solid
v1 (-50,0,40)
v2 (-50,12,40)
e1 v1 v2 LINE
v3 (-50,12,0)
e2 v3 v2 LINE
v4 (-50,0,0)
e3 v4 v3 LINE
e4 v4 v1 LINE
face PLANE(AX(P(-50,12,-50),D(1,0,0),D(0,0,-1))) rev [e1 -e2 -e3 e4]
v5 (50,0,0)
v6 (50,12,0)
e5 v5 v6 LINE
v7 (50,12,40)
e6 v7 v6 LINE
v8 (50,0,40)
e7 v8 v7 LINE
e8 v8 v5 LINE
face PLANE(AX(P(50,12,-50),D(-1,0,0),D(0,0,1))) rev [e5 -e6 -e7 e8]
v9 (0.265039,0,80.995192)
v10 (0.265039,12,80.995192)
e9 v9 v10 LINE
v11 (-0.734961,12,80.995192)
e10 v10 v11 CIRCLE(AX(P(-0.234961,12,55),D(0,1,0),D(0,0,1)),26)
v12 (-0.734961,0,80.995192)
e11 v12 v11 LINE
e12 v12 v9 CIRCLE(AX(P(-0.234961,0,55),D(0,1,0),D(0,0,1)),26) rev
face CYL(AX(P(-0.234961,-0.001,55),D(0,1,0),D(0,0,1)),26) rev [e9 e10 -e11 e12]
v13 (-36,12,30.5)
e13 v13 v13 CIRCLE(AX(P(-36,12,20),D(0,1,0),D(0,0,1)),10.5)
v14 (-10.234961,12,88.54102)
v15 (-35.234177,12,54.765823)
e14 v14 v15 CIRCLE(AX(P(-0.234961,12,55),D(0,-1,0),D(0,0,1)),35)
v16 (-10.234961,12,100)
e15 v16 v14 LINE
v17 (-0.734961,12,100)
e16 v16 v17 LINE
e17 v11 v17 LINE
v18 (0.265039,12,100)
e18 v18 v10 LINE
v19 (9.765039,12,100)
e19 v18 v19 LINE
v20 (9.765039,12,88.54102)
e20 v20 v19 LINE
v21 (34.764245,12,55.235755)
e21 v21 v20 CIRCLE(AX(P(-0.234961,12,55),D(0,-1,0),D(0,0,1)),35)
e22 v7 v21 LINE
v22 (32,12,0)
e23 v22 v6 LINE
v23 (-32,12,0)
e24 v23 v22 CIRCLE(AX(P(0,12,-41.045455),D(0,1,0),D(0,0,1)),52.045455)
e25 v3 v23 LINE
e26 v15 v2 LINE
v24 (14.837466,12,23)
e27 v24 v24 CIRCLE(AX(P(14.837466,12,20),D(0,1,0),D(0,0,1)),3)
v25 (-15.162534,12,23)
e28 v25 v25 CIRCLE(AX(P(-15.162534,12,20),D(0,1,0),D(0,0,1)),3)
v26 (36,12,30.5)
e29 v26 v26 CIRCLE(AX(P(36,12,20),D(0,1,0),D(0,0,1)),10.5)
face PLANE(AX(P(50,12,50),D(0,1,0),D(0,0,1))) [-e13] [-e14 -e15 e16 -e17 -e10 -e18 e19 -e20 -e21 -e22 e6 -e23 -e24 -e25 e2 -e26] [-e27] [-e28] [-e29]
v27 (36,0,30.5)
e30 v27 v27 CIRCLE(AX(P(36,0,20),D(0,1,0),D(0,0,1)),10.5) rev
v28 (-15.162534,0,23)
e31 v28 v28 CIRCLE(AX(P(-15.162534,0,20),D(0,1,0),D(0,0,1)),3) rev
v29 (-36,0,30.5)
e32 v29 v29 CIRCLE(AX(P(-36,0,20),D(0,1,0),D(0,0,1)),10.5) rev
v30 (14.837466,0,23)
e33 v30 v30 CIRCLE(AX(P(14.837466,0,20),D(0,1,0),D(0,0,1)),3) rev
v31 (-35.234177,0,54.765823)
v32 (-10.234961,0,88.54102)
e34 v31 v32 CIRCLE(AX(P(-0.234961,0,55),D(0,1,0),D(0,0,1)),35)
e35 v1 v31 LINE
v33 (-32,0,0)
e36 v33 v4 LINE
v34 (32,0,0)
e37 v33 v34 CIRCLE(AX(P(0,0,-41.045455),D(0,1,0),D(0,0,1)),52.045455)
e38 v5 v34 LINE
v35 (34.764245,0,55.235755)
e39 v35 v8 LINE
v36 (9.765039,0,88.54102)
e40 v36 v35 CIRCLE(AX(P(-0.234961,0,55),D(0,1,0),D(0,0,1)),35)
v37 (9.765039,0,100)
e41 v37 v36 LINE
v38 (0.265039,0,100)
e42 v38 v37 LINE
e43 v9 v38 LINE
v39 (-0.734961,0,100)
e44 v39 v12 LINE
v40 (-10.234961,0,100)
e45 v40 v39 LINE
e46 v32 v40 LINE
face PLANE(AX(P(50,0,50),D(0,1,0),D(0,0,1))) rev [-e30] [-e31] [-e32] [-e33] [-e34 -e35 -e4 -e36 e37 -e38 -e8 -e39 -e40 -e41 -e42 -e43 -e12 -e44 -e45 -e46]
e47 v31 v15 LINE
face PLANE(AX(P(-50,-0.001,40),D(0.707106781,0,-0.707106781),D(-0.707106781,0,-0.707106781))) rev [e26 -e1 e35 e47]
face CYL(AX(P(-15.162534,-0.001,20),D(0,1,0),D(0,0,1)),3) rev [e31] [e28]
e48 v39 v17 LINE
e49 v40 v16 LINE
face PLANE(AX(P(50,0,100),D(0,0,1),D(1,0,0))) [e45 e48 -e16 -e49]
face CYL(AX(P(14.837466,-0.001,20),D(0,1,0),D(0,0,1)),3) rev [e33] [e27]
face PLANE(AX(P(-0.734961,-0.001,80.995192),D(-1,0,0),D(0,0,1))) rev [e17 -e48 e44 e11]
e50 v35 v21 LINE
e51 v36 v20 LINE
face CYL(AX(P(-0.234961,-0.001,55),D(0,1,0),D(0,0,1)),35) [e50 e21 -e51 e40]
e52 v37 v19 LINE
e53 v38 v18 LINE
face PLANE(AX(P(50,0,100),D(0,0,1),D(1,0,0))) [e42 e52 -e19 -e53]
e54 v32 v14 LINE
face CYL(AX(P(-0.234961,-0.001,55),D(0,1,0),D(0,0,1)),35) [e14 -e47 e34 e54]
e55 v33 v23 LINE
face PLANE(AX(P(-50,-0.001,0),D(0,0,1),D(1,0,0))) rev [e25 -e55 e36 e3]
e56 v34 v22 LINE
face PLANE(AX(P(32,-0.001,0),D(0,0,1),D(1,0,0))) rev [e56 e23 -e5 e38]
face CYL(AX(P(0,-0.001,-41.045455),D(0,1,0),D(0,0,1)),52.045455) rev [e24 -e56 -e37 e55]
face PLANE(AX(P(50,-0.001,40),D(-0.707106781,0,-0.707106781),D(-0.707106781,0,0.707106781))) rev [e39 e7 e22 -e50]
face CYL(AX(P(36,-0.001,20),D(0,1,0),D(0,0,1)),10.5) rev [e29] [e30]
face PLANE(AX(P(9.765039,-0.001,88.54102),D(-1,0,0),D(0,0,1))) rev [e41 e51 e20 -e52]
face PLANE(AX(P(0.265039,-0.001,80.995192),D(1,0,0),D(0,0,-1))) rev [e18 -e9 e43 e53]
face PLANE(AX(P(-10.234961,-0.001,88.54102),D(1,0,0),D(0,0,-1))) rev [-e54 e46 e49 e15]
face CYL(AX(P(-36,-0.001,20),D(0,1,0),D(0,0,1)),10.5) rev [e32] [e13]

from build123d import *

# Parameters (mm, degrees)
SKETCH1_W           = 100
SKETCH1_H           = 100
SKETCH1_R           = 11
BOSS_EXTRUDE1_DEPTH = 12
SKETCH9_W           = 100
SKETCH9_H           = 50
BOSS_EXTRUDE3_DEPTH = 12
CUT_EXTRUDE3_REACH  = 114.446
SKETCH4_R           = 10.5
CUT_EXTRUDE4_REACH  = 114.446
CUT_EXTRUDE5_REACH  = 114.446
SKETCH6_R           = 26
CUT_EXTRUDE6_REACH  = 114.446
CUT_EXTRUDE7_REACH  = 114.446
SKETCH11_R          = 52.045454545
CUT_EXTRUDE8_REACH  = 114.446
SKETCH12_R          = 3


with BuildPart() as part:
    # Sketch1 → Boss-Extrude1 (new body)
    with BuildSketch(Plane(origin=(0, 0, 0), x_dir=(1, 0, 0), z_dir=(0, 1, 0))):
        Rectangle(SKETCH1_W, SKETCH1_H)
        with Locations(Location((0, 0, 0), (0, 0, 270))):
            Circle(SKETCH1_R, mode=Mode.SUBTRACT)
    extrude(amount=BOSS_EXTRUDE1_DEPTH)

    # Sketch9 → Boss-Extrude3 (add)
    with BuildSketch(Plane(origin=(0, 12, 0), x_dir=(1, 0, 0), z_dir=(0, 1, 0))):
        with Locations((0, -75)):
            Rectangle(SKETCH9_W, SKETCH9_H)
    extrude(amount=-BOSS_EXTRUDE3_DEPTH)

    # Sketch4 → Cut-Extrude3 (cut, up to next)
    with BuildSketch(Plane(origin=(0, 12, 0), x_dir=(1, 0, 0), z_dir=(0, 1, 0)), mode=Mode.PRIVATE) as cut_extrude3_sk1:
        with Locations(Location((-36, -20, 0), (0, 0, 270))):
            Circle(SKETCH4_R)
    cut_extrude3_tool1 = extrude(cut_extrude3_sk1.sketch, amount=-CUT_EXTRUDE3_REACH, mode=Mode.PRIVATE) & part.part
    # Sketch4 → Cut-Extrude3 (cut, up to next)
    with BuildSketch(Plane(origin=(0, 12, 0), x_dir=(1, 0, 0), z_dir=(0, 1, 0)), mode=Mode.PRIVATE) as cut_extrude3_sk2:
        with Locations(Location((36, -20, 0), (0, 0, 270))):
            Circle(SKETCH4_R)
    cut_extrude3_tool2 = extrude(cut_extrude3_sk2.sketch, amount=-CUT_EXTRUDE3_REACH, mode=Mode.PRIVATE) & part.part
    add(cut_extrude3_tool1.solids().sort_by_distance((-36, 12, 20))[0], mode=Mode.SUBTRACT)
    add(cut_extrude3_tool2.solids().sort_by_distance((36, 12, 20))[0], mode=Mode.SUBTRACT)

    # Sketch5 → Cut-Extrude4 (cut, up to next)
    with BuildSketch(Plane(origin=(0, 12, 0), x_dir=(1, 0, 0), z_dir=(0, 1, 0)), mode=Mode.PRIVATE) as cut_extrude4_sk1:
        Polygon((-50, 0), (-32, 0), (-32, 18), (32, 18), (32, 0), (50, 0), (50, 50), (-50, 50), align=None)
    cut_extrude4_tool1 = extrude(cut_extrude4_sk1.sketch, amount=-CUT_EXTRUDE4_REACH, mode=Mode.PRIVATE) & part.part
    add(cut_extrude4_tool1.solids().sort_by_distance((0, 12, -29.790021))[0], mode=Mode.SUBTRACT)

    # Sketch6 → Cut-Extrude5 (cut, up to next)
    with BuildSketch(Plane(origin=(0, 12, 0), x_dir=(1, 0, 0), z_dir=(0, 1, 0)), mode=Mode.PRIVATE) as cut_extrude5_sk1:
        with Locations(Location((-0.234960822, -55, 0), (0, 0, 270))):
            Circle(SKETCH6_R)
    cut_extrude5_tool1 = extrude(cut_extrude5_sk1.sketch, amount=-CUT_EXTRUDE5_REACH, mode=Mode.PRIVATE) & part.part
    add(cut_extrude5_tool1.solids().sort_by_distance((-0.234961, 12, 55))[0], mode=Mode.SUBTRACT)

    # Sketch10 → Cut-Extrude6 (cut, up to next)
    with BuildSketch(Plane(origin=(0, 12, 0), x_dir=(1, 0, 0), z_dir=(0, 1, 0)), mode=Mode.PRIVATE) as cut_extrude6_sk1:
        with BuildLine():
            Line((-10.234960822, -88.541019662), (-10.234960822, -100))
            Line((-10.234960822, -100), (-50, -100))
            Line((-50, -100), (-50, -40))
            Line((-50, -40), (-35.234177398, -54.765822602))
            ThreePointArc((-35.234177398, -54.765822602), (-28.367208461, -75.822503278), (-10.234960822, -88.541019662))
        make_face()
    cut_extrude6_tool1 = extrude(cut_extrude6_sk1.sketch, amount=-CUT_EXTRUDE6_REACH, mode=Mode.PRIVATE) & part.part
    # Sketch10 → Cut-Extrude6 (cut, up to next)
    with BuildSketch(Plane(origin=(0, 12, 0), x_dir=(1, 0, 0), z_dir=(0, 1, 0)), mode=Mode.PRIVATE) as cut_extrude6_sk2:
        with BuildLine():
            Line((9.765039178, -88.541019662), (9.765039178, -100))
            Line((9.765039178, -100), (50, -100))
            Line((50, -100), (50, -40))
            Line((50, -40), (34.764245164, -55.235754836))
            ThreePointArc((34.764245164, -55.235754836), (27.756864791, -76.010894766), (9.765039178, -88.541019662))
        make_face()
    cut_extrude6_tool2 = extrude(cut_extrude6_sk2.sketch, amount=-CUT_EXTRUDE6_REACH, mode=Mode.PRIVATE) & part.part
    # Sketch10 → Cut-Extrude6 (cut, up to next)
    with BuildSketch(Plane(origin=(0, 12, 0), x_dir=(1, 0, 0), z_dir=(0, 1, 0)), mode=Mode.PRIVATE) as cut_extrude6_sk3:
        with BuildLine():
            Line((-0.734960822, -80.995191863), (-0.734960822, -100))
            Line((-0.734960822, -100), (0.265039178, -100))
            Line((0.265039178, -100), (0.265039178, -80.995191863))
            ThreePointArc((0.265039178, -80.995191863), (-0.234960822, -81), (-0.734960822, -80.995191863))
        make_face()
    cut_extrude6_tool3 = extrude(cut_extrude6_sk3.sketch, amount=-CUT_EXTRUDE6_REACH, mode=Mode.PRIVATE) & part.part
    add(cut_extrude6_tool1.solids().sort_by_distance((-35.978986, 12, 79.410224))[0], mode=Mode.SUBTRACT)
    add(cut_extrude6_tool2.solids().sort_by_distance((35.780347, 12, 79.379296))[0], mode=Mode.SUBTRACT)
    add(cut_extrude6_tool3.solids().sort_by_distance((-0.234961, 12, 90.499199))[0], mode=Mode.SUBTRACT)

    # Sketch11 → Cut-Extrude7 (cut, up to next)
    with BuildSketch(Plane(origin=(0, 12, 0), x_dir=(1, 0, 0), z_dir=(0, 1, 0)), mode=Mode.PRIVATE) as cut_extrude7_sk1:
        with Locations((0, 41.045454545)):
            Circle(SKETCH11_R)
    cut_extrude7_tool1 = extrude(cut_extrude7_sk1.sketch, amount=-CUT_EXTRUDE7_REACH, mode=Mode.PRIVATE) & part.part
    add(cut_extrude7_tool1.solids().sort_by_distance((0, 12, -41.045455))[0], mode=Mode.SUBTRACT)

    # Sketch12 → Cut-Extrude8 (cut, up to next)
    with BuildSketch(Plane(origin=(0, 12, 0), x_dir=(1, 0, 0), z_dir=(0, 1, 0)), mode=Mode.PRIVATE) as cut_extrude8_sk1:
        with Locations(Location((-15.162534268, -20, 0), (0, 0, 270))):
            Circle(SKETCH12_R)
    cut_extrude8_tool1 = extrude(cut_extrude8_sk1.sketch, amount=-CUT_EXTRUDE8_REACH, mode=Mode.PRIVATE) & part.part
    # Sketch12 → Cut-Extrude8 (cut, up to next)
    with BuildSketch(Plane(origin=(0, 12, 0), x_dir=(1, 0, 0), z_dir=(0, 1, 0)), mode=Mode.PRIVATE) as cut_extrude8_sk2:
        with Locations(Location((14.837465732, -20, 0), (0, 0, 270))):
            Circle(SKETCH12_R)
    cut_extrude8_tool2 = extrude(cut_extrude8_sk2.sketch, amount=-CUT_EXTRUDE8_REACH, mode=Mode.PRIVATE) & part.part
    add(cut_extrude8_tool1.solids().sort_by_distance((-15.162534, 12, 20))[0], mode=Mode.SUBTRACT)
    add(cut_extrude8_tool2.solids().sort_by_distance((14.837466, 12, 20))[0], mode=Mode.SUBTRACT)


solid = part.part
